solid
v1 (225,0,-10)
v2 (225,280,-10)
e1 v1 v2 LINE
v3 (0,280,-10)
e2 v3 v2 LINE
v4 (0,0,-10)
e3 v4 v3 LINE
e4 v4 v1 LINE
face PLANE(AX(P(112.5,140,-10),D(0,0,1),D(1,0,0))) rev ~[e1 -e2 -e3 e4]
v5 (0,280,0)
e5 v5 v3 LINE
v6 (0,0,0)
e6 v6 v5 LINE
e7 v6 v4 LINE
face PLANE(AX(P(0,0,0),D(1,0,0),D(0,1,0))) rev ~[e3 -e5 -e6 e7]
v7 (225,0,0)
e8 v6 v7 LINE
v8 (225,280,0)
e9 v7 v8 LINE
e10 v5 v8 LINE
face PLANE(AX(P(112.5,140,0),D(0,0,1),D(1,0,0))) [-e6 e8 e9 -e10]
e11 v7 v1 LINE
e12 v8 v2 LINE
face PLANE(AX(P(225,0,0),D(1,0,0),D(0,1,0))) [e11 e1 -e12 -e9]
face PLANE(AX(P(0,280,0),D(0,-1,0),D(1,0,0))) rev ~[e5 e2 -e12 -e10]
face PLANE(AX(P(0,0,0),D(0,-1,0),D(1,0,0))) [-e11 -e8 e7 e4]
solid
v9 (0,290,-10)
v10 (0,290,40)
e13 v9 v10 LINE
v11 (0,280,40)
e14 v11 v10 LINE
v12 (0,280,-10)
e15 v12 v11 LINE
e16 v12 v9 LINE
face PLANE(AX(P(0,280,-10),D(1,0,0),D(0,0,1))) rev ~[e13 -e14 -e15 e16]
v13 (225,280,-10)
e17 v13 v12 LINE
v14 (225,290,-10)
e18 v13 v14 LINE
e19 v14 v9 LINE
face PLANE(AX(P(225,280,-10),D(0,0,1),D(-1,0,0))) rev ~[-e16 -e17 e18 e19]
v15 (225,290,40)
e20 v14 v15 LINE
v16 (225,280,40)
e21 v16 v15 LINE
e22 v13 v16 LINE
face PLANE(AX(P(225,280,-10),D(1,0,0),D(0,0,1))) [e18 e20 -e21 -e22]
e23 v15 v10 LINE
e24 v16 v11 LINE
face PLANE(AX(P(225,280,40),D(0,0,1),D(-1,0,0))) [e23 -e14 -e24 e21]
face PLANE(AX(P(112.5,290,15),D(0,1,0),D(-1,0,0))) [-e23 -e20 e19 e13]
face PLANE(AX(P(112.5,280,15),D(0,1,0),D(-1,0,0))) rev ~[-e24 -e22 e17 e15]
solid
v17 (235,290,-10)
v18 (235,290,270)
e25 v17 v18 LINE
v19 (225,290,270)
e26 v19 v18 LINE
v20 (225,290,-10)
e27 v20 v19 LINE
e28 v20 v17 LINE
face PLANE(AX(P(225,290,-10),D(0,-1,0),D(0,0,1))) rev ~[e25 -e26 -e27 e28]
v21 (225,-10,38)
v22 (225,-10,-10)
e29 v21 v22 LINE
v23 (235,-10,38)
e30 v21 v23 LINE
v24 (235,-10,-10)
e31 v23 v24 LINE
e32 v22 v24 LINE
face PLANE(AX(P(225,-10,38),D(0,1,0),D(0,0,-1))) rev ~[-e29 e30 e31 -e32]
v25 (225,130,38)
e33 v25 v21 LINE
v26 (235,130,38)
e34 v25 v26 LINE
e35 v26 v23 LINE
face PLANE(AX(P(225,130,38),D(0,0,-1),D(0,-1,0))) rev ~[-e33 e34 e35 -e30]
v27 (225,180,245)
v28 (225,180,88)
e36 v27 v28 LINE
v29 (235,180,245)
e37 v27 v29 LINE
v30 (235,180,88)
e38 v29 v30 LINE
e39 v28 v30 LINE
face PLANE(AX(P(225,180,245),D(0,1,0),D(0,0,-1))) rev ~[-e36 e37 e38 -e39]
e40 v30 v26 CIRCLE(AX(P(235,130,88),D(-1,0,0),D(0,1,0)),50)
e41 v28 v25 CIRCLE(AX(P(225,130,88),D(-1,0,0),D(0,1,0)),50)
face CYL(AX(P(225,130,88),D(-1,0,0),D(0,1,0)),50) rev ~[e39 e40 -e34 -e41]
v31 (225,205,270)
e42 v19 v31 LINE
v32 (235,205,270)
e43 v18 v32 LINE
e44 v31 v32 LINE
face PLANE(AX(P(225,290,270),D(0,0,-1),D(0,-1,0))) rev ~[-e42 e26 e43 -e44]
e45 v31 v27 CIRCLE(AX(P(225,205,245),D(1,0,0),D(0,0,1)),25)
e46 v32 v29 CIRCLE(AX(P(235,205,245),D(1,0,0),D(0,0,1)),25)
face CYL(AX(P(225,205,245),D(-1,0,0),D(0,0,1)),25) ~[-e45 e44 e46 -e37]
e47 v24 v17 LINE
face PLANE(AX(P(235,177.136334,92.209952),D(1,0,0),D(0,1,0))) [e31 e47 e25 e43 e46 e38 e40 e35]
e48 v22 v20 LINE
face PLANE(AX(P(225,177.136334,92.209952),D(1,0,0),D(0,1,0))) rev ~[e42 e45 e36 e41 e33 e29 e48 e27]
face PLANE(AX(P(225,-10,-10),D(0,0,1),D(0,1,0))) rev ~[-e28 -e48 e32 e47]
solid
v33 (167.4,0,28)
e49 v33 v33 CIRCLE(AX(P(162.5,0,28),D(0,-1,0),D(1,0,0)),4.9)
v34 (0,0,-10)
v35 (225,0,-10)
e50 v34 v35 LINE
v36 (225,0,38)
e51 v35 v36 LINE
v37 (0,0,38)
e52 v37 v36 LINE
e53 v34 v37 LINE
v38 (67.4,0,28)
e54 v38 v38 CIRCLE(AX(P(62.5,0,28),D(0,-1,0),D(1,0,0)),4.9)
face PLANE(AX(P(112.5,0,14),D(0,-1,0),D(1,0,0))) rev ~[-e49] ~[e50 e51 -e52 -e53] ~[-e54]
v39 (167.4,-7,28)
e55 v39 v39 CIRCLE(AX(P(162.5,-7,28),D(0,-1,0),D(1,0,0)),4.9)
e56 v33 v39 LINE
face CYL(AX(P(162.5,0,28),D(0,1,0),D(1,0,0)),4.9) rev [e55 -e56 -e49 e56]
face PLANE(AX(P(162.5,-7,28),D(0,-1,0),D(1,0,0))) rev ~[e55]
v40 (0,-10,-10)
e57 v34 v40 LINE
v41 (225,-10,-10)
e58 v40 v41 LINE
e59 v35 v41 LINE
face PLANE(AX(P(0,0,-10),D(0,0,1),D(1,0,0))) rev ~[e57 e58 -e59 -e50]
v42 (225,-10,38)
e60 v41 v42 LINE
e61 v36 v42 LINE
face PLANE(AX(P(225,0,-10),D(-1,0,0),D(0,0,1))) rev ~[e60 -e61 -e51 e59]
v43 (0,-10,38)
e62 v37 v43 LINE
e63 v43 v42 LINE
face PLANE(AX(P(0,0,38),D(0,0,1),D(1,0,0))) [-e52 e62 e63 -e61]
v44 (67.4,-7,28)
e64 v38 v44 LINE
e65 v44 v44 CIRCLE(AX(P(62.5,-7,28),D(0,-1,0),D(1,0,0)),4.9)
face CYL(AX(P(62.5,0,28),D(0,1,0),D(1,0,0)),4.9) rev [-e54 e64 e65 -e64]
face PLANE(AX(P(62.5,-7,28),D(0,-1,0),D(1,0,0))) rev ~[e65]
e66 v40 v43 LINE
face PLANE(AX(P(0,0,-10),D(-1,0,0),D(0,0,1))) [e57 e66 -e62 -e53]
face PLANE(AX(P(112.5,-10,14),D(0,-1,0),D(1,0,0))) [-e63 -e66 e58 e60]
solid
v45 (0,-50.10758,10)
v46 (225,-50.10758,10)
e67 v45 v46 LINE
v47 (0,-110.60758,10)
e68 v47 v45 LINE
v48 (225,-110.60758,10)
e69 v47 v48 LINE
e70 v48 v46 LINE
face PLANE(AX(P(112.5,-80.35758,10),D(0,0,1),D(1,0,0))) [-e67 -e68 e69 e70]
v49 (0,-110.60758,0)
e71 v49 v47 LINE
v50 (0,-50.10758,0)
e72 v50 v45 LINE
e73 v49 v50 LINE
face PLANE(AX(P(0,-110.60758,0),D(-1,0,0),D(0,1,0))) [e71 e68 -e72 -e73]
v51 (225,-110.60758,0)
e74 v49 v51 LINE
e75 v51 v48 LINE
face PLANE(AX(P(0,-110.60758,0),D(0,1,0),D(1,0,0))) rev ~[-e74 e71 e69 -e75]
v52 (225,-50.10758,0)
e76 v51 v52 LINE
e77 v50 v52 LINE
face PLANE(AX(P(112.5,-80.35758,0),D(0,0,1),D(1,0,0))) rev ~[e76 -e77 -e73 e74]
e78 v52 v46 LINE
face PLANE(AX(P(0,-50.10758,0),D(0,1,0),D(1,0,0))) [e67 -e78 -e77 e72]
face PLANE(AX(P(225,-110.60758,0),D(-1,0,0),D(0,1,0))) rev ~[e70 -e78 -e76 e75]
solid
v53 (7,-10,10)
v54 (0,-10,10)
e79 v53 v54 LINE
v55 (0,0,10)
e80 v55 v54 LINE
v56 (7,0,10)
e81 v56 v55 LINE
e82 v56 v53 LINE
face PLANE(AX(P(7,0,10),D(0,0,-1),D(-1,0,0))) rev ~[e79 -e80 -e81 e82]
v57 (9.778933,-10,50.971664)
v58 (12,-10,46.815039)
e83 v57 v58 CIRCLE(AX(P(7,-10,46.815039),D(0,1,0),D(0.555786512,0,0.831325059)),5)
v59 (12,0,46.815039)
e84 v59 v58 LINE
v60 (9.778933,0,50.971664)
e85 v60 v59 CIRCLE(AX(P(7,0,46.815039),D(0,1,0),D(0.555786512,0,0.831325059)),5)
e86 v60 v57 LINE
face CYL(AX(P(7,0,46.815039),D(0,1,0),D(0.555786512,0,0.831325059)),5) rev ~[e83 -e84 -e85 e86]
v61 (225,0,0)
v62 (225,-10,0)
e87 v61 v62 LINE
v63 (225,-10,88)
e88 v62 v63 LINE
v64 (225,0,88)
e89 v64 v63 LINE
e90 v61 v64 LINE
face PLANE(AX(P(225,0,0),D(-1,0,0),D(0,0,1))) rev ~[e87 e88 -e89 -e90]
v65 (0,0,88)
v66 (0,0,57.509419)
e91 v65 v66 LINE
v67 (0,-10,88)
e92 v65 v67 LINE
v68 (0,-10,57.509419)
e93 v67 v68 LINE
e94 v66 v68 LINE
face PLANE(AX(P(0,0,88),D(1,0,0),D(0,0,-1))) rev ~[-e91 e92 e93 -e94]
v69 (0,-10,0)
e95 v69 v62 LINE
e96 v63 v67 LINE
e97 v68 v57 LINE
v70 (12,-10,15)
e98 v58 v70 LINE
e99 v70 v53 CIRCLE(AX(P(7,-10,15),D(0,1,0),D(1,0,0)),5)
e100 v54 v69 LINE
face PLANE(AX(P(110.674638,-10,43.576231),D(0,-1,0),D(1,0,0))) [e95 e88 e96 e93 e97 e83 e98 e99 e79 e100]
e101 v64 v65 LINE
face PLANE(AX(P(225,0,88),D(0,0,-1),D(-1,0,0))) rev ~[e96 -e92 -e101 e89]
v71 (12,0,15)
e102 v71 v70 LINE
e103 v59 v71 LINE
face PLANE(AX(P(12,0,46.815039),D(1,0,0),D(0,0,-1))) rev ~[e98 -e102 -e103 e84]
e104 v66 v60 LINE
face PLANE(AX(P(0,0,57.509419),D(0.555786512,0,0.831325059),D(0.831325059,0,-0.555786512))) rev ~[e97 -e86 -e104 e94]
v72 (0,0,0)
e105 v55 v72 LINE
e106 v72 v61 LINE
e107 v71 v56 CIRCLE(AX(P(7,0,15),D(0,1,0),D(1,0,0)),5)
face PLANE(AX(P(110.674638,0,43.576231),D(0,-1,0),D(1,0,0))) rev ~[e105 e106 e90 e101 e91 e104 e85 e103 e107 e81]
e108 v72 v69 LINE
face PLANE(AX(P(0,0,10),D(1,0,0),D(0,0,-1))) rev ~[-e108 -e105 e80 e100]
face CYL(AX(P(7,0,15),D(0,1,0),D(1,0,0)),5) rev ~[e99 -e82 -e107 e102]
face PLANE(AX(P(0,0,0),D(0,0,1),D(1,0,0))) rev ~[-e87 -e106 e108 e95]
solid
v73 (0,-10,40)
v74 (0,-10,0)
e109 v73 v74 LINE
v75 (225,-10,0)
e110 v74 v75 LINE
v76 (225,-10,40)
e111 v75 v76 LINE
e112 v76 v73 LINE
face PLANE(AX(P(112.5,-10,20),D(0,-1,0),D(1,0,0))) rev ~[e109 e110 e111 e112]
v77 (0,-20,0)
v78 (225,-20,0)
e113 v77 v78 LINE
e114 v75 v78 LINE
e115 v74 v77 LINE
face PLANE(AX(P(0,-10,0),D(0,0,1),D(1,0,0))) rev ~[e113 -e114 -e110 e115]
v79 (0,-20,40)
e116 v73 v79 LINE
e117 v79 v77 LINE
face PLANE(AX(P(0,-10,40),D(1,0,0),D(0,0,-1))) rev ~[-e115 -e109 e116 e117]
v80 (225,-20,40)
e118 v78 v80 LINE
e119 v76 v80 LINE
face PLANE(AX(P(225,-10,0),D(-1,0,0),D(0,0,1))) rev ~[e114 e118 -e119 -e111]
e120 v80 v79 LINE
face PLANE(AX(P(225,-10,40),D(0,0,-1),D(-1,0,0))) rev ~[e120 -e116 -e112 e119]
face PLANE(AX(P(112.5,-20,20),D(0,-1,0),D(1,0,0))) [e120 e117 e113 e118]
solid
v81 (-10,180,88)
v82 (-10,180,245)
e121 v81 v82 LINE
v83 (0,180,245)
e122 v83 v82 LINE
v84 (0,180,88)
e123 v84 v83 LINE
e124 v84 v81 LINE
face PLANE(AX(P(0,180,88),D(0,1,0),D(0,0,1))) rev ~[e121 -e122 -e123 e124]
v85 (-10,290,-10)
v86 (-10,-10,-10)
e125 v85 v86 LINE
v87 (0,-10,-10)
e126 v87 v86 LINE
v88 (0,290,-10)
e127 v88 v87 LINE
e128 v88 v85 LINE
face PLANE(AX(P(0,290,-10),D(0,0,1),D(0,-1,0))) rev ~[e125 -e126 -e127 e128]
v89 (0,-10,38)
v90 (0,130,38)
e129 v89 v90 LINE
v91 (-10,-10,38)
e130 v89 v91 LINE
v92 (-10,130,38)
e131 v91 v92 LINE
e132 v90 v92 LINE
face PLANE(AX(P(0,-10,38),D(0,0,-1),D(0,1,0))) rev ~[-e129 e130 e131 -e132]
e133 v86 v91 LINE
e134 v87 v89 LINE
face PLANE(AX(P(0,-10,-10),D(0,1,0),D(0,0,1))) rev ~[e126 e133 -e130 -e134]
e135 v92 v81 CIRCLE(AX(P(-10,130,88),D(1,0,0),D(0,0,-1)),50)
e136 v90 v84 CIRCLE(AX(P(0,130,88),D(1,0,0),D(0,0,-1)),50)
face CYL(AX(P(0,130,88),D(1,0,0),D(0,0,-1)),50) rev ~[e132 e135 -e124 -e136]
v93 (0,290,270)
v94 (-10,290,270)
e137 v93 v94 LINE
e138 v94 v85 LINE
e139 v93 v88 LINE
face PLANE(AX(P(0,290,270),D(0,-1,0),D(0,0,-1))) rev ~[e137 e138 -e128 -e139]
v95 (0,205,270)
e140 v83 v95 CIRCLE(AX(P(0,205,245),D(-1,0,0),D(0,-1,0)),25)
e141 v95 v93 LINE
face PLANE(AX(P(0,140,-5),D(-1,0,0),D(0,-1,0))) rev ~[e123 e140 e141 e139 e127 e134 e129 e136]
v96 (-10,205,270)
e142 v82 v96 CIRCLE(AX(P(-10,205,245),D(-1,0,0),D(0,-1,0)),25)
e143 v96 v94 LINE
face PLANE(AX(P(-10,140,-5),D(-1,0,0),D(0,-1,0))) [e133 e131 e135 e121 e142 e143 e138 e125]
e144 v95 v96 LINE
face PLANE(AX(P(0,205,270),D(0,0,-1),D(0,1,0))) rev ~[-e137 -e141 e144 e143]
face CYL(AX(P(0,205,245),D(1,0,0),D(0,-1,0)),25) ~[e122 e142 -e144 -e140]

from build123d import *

# Parameters (mm, degrees)
F0_W      = 225
F0_H      = 280
F1_DEPTH  = 10
F2_W      = 225
F2_H      = 48
F2_R      = 4.9
F3_DEPTH  = 10
F4_DEPTH  = 7
F5_W      = 225
F5_H      = 50
F6_DEPTH  = 10
F8_W      = 280
F8_H      = 10
F10_DEPTH = 10
F7_W      = 280
F7_H      = 10
F11_DEPTH = 10
F12_DEPTH = 10
F14_DEPTH = 10
F15_W     = 225
F15_H     = 60.5
F16_DEPTH = 10


with BuildPart() as f1:
    # F0 (on Top) → F1 (new body)
    with BuildSketch(Plane.XY):
        with Locations((112.5, 140)):
            Rectangle(F0_W, F0_H)
    extrude(amount=-F1_DEPTH)


with BuildPart() as f3:
    # F2 (on face) → F3 (new body)
    with BuildSketch(Plane.XZ):
        with Locations((112.5, 14)):
            Rectangle(F2_W, F2_H)
        with Locations((62.5, 28)):
            Circle(F2_R, mode=Mode.SUBTRACT)
        with Locations((162.5, 28)):
            Circle(F2_R, mode=Mode.SUBTRACT)
        with Locations((62.5, 28)):
            Circle(F2_R)
        with Locations((162.5, 28)):
            Circle(F2_R)
    extrude(amount=F3_DEPTH)

    # F2 (on face) → F4 (cut)
    with BuildSketch(Plane.XZ):
        with Locations((62.5, 28)):
            Circle(F2_R)
        with Locations((162.5, 28)):
            Circle(F2_R)
    extrude(amount=F4_DEPTH, mode=Mode.SUBTRACT)


with BuildPart() as f6:
    # F5 (on face) → F6 (new body)
    with BuildSketch(Plane(origin=(0, 280, 0), x_dir=(-1, 0, 0), z_dir=(0, 1, 0))):
        with Locations((-112.5, 15)):
            Rectangle(F5_W, F5_H)
    extrude(amount=F6_DEPTH)


with BuildPart() as f10:
    # F8 (on face) → F10 (new body)
    with BuildSketch(Plane(origin=(0, 0, 0), x_dir=(0, -1, 0), z_dir=(-1, 0, 0))):
        with Locations((-140, -5)):
            Rectangle(F8_W, F8_H)
        with BuildLine():
            Line((0, -10), (10, -10))
            Line((10, -10), (10, 38))
            Line((10, 38), (-130, 38))
            ThreePointArc((-130, 38), (-165.3553390593, 52.6446609407), (-180, 88))
            Line((-180, 88), (-180, 245))
            ThreePointArc((-180, 245), (-187.3223304703, 262.6776695297), (-205, 270))
            Line((-205, 270), (-290, 270))
            Line((-290, 270), (-290, -10))
            Line((-290, -10), (-280, -10))
            Line((-280, -10), (-280, 0))
            Line((-280, 0), (0, 0))
            Line((0, 0), (0, -10))
        make_face()
    extrude(amount=F10_DEPTH)


with BuildPart() as f11:
    # F7 (on face) → F11 (new body)
    with BuildSketch(Plane.YZ.offset(225)):
        with BuildLine():
            Line((290, -10), (290, 270))
            Line((290, 270), (205, 270))
            ThreePointArc((205, 270), (187.3223304703, 262.6776695297), (180, 245))
            Line((180, 245), (180, 88))
            ThreePointArc((180, 88), (165.3553390593, 52.6446609407), (130, 38))
            Line((130, 38), (-10, 38))
            Line((-10, 38), (-10, -10))
            Line((-10, -10), (0, -10))
            Line((0, -10), (0, 0))
            Line((0, 0), (280, 0))
            Line((280, 0), (280, -10))
            Line((280, -10), (290, -10))
        make_face()
        with Locations((140, -5)):
            Rectangle(F7_W, F7_H)
    extrude(amount=F11_DEPTH)


with BuildPart() as f12:
    # F9 (on face) → F12 (new body)
    with BuildSketch(Plane.XZ.offset(10)):
        Polygon((0, 40), (0, 0), (220, 0), (225, 0), (225, 40), align=None)
    extrude(amount=F12_DEPTH)


with BuildPart() as f14:
    # F13 (on Front) → F14 (new body)
    with BuildSketch(Plane.XZ):
        with BuildLine():
            Line((0, 10), (0, 0))
            Line((0, 0), (225, 0))
            Line((225, 0), (225, 88))
            Line((225, 88), (0, 88))
            Line((0, 88), (0, 57.509418577))
            Line((0, 57.509418577), (9.7789325581, 50.9716644748))
            ThreePointArc((9.7789325581, 50.9716644748), (11.4099128557, 49.17144929), (12, 46.8150391804))
            Line((12, 46.8150391804), (12, 15))
            ThreePointArc((12, 15), (10.5355339059, 11.4644660941), (7, 10))
            Line((7, 10), (0, 10))
        make_face()
    extrude(amount=F14_DEPTH)


with BuildPart() as f16:
    # F15 (on Top) → F16 (new body)
    with BuildSketch(Plane.XY):
        with Locations((112.5, -80.3575800167)):
            Rectangle(F15_W, F15_H)
    extrude(amount=F16_DEPTH)


solid = Compound([f1.part, f3.part, f6.part, f10.part, f11.part, f12.part, f14.part, f16.part])
